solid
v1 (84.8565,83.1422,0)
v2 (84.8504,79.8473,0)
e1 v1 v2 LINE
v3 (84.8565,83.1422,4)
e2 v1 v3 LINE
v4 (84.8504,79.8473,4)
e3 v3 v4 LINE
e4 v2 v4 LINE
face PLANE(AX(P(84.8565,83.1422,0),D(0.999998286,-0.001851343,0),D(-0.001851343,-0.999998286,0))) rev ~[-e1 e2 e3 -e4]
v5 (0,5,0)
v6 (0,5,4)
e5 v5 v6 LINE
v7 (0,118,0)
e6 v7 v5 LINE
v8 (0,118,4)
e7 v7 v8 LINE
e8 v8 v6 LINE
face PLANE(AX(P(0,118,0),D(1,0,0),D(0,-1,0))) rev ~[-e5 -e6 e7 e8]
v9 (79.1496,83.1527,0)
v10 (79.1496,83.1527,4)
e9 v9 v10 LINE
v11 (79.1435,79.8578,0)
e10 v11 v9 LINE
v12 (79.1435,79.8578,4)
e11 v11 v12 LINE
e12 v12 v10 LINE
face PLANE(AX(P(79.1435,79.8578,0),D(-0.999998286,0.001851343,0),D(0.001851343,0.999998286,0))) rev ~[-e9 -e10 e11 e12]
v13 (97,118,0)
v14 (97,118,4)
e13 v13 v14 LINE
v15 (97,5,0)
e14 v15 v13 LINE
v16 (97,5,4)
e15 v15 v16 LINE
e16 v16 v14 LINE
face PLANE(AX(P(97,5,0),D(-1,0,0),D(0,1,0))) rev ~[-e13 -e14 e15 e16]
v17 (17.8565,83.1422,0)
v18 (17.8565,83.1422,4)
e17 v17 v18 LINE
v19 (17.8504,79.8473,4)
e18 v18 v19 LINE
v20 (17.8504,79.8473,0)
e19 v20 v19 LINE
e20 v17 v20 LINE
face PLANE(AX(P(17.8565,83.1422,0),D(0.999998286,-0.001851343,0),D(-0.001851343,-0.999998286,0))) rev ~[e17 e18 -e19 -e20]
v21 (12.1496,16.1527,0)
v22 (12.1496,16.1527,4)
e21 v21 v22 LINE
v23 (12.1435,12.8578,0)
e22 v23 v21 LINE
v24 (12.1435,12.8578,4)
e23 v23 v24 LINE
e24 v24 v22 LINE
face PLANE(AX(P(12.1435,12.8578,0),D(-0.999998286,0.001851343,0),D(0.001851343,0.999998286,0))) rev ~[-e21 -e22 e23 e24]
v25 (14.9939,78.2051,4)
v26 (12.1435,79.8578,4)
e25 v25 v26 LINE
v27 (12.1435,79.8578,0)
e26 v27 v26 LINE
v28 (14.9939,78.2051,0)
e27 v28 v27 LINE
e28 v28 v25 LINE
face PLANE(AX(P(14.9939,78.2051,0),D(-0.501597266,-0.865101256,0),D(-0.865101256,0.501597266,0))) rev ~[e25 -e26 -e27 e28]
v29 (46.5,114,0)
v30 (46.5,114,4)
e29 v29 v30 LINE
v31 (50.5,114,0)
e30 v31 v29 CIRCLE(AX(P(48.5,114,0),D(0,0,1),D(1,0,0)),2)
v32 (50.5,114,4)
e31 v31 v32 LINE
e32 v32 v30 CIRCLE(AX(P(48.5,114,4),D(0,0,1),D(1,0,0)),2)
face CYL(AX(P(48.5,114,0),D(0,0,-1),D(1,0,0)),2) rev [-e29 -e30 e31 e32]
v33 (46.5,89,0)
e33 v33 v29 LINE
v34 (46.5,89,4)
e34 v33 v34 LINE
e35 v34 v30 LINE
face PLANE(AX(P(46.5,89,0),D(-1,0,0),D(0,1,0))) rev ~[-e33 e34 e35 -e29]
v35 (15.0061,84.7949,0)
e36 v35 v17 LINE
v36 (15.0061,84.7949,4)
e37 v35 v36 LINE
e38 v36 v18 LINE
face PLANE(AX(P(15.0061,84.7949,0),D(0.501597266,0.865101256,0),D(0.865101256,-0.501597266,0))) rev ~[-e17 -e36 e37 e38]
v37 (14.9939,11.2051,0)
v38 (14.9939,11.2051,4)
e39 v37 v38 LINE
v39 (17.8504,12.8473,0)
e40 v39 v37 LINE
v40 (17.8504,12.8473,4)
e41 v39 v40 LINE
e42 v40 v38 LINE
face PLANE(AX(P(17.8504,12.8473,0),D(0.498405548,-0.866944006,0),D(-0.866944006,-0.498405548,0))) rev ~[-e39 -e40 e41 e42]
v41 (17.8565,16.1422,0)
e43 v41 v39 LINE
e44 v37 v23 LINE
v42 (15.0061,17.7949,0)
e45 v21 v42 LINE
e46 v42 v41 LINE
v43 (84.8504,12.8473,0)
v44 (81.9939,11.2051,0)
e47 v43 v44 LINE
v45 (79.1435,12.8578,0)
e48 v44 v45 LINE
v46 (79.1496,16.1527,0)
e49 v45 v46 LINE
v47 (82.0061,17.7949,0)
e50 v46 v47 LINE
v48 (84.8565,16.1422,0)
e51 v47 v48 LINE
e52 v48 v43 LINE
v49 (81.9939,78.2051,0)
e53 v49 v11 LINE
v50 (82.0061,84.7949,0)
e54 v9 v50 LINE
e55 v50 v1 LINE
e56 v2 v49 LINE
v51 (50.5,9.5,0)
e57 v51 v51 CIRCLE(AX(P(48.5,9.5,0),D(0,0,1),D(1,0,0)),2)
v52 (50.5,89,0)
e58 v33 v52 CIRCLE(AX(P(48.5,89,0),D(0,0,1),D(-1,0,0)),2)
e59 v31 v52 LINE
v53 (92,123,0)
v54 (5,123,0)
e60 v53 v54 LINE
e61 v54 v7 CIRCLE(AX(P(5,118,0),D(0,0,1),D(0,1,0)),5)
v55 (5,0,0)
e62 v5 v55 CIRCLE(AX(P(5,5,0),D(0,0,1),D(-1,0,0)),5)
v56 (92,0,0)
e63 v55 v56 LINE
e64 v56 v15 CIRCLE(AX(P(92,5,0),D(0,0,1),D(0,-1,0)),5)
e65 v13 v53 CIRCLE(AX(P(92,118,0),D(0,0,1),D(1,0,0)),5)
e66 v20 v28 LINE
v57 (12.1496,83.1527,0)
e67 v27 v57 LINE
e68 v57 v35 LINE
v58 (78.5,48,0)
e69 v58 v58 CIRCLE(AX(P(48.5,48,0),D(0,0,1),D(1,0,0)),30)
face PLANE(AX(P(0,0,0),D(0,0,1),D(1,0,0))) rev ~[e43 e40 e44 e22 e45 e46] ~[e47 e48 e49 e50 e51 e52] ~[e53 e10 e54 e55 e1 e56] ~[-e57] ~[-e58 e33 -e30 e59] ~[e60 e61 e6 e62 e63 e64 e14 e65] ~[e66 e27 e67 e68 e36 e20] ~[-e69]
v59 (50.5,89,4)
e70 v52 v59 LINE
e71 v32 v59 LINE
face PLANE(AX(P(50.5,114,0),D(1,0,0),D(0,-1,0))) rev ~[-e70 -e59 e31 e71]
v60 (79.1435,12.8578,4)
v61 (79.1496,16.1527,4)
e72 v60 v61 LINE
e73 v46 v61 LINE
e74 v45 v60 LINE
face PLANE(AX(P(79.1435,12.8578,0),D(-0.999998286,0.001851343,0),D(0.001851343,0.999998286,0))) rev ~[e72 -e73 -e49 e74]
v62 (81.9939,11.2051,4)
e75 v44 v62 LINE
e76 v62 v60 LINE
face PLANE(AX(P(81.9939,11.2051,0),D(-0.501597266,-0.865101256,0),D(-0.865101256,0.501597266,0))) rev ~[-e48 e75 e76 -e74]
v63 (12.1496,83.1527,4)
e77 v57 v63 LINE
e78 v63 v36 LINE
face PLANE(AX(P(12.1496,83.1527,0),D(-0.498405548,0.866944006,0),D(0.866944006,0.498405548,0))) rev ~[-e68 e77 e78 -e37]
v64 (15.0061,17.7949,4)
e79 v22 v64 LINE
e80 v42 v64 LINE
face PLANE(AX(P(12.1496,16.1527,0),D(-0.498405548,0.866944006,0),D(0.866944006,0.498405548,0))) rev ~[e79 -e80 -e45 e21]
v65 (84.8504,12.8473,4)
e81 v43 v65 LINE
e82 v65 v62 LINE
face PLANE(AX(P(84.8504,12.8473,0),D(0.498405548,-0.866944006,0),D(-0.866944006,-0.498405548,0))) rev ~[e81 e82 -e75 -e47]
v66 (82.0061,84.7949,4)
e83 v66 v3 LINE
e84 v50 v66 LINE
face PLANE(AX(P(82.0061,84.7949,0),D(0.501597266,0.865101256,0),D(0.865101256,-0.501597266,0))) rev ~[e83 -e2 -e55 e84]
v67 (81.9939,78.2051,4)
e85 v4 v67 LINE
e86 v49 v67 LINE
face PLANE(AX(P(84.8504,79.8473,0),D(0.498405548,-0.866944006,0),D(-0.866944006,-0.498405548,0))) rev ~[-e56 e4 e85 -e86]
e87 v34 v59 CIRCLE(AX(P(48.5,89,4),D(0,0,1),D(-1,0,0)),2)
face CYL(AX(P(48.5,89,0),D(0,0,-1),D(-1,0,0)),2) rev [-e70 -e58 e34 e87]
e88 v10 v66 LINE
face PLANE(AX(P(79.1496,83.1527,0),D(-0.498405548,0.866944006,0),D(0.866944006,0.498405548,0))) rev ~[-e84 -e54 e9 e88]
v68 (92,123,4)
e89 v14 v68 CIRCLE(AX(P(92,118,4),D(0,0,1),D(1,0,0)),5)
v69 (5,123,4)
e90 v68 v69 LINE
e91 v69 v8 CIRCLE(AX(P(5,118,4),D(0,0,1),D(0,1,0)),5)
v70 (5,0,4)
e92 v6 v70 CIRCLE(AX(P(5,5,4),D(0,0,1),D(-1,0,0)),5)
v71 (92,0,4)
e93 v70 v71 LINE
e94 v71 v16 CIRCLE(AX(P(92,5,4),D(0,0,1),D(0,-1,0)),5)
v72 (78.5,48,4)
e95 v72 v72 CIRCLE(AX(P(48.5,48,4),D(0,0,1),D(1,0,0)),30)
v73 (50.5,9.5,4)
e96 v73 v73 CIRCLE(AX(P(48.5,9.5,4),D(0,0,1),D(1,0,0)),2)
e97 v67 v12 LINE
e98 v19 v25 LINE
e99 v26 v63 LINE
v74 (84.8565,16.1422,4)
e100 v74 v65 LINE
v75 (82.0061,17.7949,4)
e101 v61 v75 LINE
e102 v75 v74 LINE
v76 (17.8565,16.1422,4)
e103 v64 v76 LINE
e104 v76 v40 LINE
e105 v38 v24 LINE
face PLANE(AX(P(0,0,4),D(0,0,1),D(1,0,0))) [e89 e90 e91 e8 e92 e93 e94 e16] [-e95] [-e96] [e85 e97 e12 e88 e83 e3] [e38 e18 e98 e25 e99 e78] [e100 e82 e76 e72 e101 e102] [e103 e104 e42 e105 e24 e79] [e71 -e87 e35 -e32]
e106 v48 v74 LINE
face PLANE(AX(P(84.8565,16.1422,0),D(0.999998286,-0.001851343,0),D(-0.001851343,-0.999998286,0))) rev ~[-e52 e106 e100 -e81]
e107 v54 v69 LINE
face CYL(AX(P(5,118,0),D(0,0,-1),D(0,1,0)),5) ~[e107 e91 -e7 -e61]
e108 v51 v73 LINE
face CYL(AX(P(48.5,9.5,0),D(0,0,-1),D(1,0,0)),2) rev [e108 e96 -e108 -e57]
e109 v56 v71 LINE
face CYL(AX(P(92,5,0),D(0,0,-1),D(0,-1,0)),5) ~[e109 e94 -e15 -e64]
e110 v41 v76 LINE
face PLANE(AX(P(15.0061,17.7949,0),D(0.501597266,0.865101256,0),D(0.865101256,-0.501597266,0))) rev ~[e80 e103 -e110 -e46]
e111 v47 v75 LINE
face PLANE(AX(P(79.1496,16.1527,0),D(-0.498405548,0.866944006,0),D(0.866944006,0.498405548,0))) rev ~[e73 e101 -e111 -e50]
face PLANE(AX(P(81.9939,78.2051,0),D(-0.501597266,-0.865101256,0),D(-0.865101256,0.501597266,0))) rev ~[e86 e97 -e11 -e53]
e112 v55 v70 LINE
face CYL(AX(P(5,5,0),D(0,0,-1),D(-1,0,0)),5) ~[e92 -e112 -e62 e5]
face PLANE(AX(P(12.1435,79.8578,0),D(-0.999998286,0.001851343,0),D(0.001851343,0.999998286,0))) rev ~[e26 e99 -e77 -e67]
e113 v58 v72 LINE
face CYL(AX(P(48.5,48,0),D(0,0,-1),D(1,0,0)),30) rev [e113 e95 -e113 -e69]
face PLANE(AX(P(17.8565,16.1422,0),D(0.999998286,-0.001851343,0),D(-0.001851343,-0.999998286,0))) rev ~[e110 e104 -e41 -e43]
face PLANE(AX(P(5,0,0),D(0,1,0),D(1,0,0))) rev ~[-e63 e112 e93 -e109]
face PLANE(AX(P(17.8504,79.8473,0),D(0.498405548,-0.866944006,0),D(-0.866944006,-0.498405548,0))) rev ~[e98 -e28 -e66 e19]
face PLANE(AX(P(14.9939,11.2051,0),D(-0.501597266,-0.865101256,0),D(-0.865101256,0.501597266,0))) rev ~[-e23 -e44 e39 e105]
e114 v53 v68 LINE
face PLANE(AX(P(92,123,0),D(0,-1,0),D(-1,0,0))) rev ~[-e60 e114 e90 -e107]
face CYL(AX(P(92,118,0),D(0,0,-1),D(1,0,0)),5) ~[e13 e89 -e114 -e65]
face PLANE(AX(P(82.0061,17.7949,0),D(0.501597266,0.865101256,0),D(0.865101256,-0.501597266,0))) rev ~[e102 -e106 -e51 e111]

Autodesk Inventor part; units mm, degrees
ref_plane "YZ Plane" through (0, 0, 0) normal (1, 0, 0) x (0, 1, 0)
ref_plane "XZ Plane" through (0, 0, 0) normal (0, 1, 0) x (-1, 0, 0)
ref_plane "XY Plane" through (0, 0, 0) normal (0, 0, 1) x (1, 0, 0)
sketch "Эскиз1" plane through (0, 0, 0) normal (0, 0, 1) x (1, 0, 0)
  line L0 (5, 0) -> (92, 0)
  line L1 (97, 5) -> (97, 118)
  line L2 (92, 123) -> (5, 123)
  line L3 (0, 118) -> (0, 5)
  circle A0 centre (48.5, 48) radius 30
  arc A1 (5, 123) -> (0, 118) centre (5, 118) ccw
  arc A2 (97, 118) -> (92, 123) centre (92, 118) ccw
  arc A3 (92, 0) -> (97, 5) centre (92, 5) ccw
  arc A4 (0, 5) -> (5, 0) centre (5, 5) ccw
  arc A5 (46.5, 89) -> (50.5, 89) centre (48.5, 89) ccw
  arc A6 (50.5, 114) -> (46.5, 114) centre (48.5, 114) ccw
  line L4 (46.5, 89) -> (46.5, 114)
  line L5 (50.5, 114) -> (50.5, 89)
  circle A7 centre (48.5, 9.5) radius 2
  line L6 (12.1435, 79.8578) -> (12.1496, 83.1527)
  line L7 (12.1496, 83.1527) -> (15.0061, 84.7949)
  line L8 (15.0061, 84.7949) -> (17.8565, 83.1422)
  line L9 (17.8565, 83.1422) -> (17.8504, 79.8473)
  line L10 (17.8504, 79.8473) -> (14.9939, 78.2051)
  line L11 (14.9939, 78.2051) -> (12.1435, 79.8578)
  line L12 (12.1435, 12.8578) -> (12.1496, 16.1527)
  line L13 (12.1496, 16.1527) -> (15.0061, 17.7949)
  line L14 (15.0061, 17.7949) -> (17.8565, 16.1422)
  line L15 (17.8565, 16.1422) -> (17.8504, 12.8473)
  line L16 (17.8504, 12.8473) -> (14.9939, 11.2051)
  line L17 (14.9939, 11.2051) -> (12.1435, 12.8578)
  line L18 (79.1435, 12.8578) -> (79.1496, 16.1527)
  line L19 (79.1496, 16.1527) -> (82.0061, 17.7949)
  line L20 (82.0061, 17.7949) -> (84.8565, 16.1422)
  line L21 (84.8565, 16.1422) -> (84.8504, 12.8473)
  line L22 (84.8504, 12.8473) -> (81.9939, 11.2051)
  line L23 (81.9939, 11.2051) -> (79.1435, 12.8578)
  line L24 (79.1435, 79.8578) -> (79.1496, 83.1527)
  line L25 (79.1496, 83.1527) -> (82.0061, 84.7949)
  line L26 (82.0061, 84.7949) -> (84.8565, 83.1422)
  line L27 (84.8565, 83.1422) -> (84.8504, 79.8473)
  line L28 (84.8504, 79.8473) -> (81.9939, 78.2051)
  line L29 (81.9939, 78.2051) -> (79.1435, 79.8578)
  point P0 (0, 0)
  point P1 (97, 123)
  point P2 (0, 123)
  point P3 (15, 81.5)
  point P4 (15, 14.5)
  point P5 (15, 14.5)
  point P6 (82, 14.5)
  point P7 (82, 14.5)
  point P8 (82, 81.5)
  point P9 (82, 81.5)
  dimension "d10" = 5
  dimension "d21" = 4
  dimension "d22" = 4
  dimension "d23" = 4
extrude "Выдавливание1" add sketch "Эскиз1" along normal blind 4
properties part number "Адаптер для считывателя Bolid Proxy-2MA часть 2"
